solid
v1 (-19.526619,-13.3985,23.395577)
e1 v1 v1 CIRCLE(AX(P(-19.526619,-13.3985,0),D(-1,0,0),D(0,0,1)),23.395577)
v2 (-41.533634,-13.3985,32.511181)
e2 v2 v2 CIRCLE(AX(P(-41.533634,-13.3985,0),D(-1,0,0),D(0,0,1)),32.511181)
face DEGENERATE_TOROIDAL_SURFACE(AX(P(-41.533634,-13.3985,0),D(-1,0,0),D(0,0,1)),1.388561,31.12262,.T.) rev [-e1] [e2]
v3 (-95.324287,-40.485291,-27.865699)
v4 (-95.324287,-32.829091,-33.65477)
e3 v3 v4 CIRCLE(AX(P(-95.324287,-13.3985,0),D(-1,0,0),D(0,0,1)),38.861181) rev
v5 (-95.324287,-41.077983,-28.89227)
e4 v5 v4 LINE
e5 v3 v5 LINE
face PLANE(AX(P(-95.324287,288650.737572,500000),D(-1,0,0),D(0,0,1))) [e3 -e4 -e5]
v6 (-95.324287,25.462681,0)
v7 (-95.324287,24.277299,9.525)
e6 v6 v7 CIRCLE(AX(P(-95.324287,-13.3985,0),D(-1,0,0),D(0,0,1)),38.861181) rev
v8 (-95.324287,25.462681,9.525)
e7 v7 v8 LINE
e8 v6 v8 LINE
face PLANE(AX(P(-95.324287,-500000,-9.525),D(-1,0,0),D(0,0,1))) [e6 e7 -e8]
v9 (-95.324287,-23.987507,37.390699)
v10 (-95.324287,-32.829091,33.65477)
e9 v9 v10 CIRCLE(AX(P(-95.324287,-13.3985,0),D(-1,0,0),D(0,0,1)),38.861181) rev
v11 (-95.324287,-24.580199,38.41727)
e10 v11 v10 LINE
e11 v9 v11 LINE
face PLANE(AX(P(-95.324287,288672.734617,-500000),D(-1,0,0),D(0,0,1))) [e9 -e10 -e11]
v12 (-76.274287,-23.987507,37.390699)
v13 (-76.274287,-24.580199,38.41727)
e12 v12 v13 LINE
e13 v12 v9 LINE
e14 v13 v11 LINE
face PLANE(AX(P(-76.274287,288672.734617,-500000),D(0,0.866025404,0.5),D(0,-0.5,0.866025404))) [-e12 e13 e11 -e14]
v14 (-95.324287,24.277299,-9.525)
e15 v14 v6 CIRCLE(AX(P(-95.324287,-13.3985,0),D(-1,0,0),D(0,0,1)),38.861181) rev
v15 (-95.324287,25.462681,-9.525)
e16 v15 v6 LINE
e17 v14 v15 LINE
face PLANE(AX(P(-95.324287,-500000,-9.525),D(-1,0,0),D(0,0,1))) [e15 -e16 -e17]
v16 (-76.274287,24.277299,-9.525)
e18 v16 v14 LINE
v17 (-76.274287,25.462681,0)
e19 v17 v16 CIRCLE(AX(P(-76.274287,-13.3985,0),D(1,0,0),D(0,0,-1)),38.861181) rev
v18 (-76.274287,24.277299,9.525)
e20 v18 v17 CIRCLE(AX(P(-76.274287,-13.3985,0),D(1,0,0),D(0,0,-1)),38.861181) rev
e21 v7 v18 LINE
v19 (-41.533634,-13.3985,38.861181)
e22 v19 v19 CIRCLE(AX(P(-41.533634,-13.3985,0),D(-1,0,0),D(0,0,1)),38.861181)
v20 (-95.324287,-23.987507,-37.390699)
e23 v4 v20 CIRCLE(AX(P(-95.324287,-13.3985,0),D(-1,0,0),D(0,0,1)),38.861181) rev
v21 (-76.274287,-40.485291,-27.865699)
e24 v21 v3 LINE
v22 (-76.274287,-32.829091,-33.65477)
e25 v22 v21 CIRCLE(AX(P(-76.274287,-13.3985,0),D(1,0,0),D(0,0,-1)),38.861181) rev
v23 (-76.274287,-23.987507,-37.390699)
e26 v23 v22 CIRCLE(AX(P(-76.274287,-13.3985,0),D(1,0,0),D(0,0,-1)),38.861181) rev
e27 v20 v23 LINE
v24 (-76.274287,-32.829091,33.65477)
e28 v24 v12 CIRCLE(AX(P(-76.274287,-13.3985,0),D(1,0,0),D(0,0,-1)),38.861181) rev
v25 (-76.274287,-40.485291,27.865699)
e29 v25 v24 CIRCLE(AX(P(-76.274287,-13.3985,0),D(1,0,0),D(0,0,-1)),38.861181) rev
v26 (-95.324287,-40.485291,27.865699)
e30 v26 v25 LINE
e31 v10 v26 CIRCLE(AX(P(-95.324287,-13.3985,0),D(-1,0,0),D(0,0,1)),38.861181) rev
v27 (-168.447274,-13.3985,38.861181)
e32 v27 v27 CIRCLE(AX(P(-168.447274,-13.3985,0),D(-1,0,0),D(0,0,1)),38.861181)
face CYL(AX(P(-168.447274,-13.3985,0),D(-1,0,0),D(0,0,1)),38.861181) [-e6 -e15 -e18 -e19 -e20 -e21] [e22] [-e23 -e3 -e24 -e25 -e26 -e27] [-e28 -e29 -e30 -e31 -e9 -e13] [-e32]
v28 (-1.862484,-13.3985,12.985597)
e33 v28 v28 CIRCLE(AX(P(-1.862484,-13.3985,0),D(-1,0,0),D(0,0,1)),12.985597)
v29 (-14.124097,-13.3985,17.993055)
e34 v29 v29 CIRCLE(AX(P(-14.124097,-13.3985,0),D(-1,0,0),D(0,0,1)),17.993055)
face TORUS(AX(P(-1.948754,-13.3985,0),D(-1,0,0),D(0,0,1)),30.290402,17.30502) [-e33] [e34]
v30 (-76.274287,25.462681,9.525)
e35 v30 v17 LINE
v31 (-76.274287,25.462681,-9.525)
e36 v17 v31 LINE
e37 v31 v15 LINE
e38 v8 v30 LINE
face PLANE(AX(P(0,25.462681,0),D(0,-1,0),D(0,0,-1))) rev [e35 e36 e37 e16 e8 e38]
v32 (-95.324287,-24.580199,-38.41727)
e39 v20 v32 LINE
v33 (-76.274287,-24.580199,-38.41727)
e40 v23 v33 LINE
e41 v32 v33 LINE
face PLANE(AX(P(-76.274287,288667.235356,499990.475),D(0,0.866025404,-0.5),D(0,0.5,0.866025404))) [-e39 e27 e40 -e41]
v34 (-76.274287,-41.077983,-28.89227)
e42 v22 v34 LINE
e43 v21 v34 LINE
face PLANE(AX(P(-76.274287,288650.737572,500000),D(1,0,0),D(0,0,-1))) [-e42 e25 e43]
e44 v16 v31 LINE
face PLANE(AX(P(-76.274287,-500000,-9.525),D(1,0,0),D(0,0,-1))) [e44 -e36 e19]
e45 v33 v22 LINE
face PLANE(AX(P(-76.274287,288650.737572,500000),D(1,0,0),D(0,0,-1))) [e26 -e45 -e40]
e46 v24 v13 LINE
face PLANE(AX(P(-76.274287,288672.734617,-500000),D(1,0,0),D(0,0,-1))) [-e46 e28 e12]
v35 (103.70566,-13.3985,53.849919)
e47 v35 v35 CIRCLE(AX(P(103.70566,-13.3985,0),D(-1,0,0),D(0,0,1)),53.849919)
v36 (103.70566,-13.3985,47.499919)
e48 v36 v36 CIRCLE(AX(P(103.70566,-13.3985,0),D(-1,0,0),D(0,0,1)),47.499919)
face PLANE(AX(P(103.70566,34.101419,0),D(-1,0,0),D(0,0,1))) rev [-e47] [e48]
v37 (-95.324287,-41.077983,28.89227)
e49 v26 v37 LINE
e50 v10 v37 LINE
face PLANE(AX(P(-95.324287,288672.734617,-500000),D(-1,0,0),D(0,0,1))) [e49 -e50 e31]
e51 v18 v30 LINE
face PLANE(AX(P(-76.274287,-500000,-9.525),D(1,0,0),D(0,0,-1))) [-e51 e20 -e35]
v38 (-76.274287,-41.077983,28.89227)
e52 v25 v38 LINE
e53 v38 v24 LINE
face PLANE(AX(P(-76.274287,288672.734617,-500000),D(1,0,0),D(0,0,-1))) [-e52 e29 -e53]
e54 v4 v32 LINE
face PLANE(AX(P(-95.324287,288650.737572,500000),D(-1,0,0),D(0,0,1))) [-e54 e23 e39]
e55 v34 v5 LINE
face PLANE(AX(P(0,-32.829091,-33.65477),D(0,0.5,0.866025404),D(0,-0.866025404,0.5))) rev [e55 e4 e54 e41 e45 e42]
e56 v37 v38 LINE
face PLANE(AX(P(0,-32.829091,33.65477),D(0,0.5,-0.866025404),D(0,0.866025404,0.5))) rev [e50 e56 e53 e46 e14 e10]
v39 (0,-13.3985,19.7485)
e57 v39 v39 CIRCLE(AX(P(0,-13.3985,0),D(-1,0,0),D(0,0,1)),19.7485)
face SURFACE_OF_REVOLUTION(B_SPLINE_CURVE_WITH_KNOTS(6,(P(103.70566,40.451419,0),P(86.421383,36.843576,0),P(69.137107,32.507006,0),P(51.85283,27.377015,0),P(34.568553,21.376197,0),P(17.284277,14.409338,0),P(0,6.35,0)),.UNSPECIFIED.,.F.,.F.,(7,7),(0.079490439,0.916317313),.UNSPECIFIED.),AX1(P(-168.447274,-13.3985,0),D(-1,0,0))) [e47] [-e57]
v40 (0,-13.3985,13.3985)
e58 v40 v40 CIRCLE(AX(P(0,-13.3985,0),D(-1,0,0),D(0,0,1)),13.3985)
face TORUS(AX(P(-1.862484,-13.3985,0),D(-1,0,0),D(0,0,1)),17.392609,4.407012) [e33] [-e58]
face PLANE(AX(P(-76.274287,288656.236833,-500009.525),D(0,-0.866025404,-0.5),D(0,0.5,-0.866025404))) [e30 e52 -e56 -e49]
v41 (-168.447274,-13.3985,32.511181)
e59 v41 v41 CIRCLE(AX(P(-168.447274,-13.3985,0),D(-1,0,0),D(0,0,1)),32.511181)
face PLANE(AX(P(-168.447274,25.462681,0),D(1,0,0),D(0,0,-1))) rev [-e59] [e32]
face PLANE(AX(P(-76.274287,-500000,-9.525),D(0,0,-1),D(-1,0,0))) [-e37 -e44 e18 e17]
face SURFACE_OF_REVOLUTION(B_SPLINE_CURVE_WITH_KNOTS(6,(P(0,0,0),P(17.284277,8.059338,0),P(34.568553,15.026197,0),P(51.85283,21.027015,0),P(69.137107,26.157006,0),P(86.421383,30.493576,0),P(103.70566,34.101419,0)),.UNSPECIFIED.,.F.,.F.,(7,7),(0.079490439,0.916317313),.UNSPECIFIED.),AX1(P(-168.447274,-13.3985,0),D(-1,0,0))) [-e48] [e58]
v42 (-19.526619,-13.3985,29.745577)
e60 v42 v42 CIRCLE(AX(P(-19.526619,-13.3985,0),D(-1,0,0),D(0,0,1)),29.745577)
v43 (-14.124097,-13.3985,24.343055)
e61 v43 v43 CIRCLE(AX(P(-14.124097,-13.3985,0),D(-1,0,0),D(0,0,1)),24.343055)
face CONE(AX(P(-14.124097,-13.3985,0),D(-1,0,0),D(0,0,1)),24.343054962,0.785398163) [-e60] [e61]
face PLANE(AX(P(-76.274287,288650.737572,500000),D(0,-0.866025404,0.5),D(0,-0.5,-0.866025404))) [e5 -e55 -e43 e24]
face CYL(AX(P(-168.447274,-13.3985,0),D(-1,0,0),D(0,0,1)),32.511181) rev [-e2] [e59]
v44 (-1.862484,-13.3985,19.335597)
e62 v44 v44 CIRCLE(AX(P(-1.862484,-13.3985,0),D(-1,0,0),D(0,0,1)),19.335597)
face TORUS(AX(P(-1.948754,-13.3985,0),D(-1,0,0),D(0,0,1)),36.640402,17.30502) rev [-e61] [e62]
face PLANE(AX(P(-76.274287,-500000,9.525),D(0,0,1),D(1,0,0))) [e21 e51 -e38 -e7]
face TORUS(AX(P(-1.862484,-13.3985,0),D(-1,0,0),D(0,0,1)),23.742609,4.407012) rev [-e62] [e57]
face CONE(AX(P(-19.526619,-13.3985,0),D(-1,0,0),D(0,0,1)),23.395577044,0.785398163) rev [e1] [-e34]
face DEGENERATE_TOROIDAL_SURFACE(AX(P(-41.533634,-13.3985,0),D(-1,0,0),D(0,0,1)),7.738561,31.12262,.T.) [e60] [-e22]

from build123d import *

# Parameters (mm, degrees)
BOSS_EXTRUDE1_START = -1.185383
SKETCH2_W           = 19.05
SKETCH2_H           = 19.05
BOSS_EXTRUDE1_DEPTH = 1.185383
CIRPATTERN1_COUNT   = 3


with BuildPart() as part:
    # Sketch1 → Revolve1 (revolve)
    with BuildSketch(Plane.XY, mode=Mode.PRIVATE) as revolve1_sk:
        with BuildLine():
            Line((-14.12409666, 4.594554961), (-19.526618742, 9.997077044))
            ThreePointArc((-19.526618742, 9.997077044), (-29.623523347, 16.74361301), (-41.533634393, 19.112681394))
            Line((-41.533634393, 19.112681394), (-168.447274393, 19.112681394))
            Line((-168.447274393, 19.112681394), (-168.447274393, 25.462681394))
            Line((-168.447274393, 25.462681394), (-41.533634392, 25.462681394))
            ThreePointArc((-41.533634392, 25.462681394), (-29.623523346, 23.09361301), (-19.526618741, 16.347077044))
            Line((-19.526618741, 16.347077044), (-14.124096659, 10.944554962))
            ThreePointArc((-14.124096659, 10.944554962), (-8.491312805, 7.221332923), (-1.862483701, 5.937097346))
            ThreePointArc((-1.862483701, 5.937097346), (-0.908631777, 6.041561122), (-5.2e-08, 6.350000031))
            add(Edge.make_bspline(
                [(-5.2e-08, 6.350000031), (17.284276617, 14.409337901), (34.568553286, 21.376197316), (51.852829955, 27.377015197), (69.137106624, 32.507005795), (86.421383293, 36.843575686), (103.705659962, 40.451419137)],
                knots=[0.079490439, 0.079490439, 0.079490439, 0.079490439, 0.079490439, 0.079490439, 0.079490439, 0.916317313, 0.916317313, 0.916317313, 0.916317313, 0.916317313, 0.916317313, 0.916317313], degree=6))
            Line((103.705659962, 40.451419137), (103.705659962, 34.101419137))
            add(Edge.make_bspline(
                [(-5.3e-08, 3e-08), (17.284276616, 8.059337901), (34.568553285, 15.026197315), (51.852829954, 21.027015196), (69.137106623, 26.157005795), (86.421383292, 30.493575686), (103.705659962, 34.101419137)],
                knots=[0.079490439, 0.079490439, 0.079490439, 0.079490439, 0.079490439, 0.079490439, 0.079490439, 0.916317313, 0.916317313, 0.916317313, 0.916317313, 0.916317313, 0.916317313, 0.916317313], degree=6))
            ThreePointArc((-5.3e-08, 3e-08), (-0.908631778, -0.308438879), (-1.862483702, -0.412902654))
            ThreePointArc((-1.862483702, -0.412902654), (-8.491312805, 0.871332923), (-14.12409666, 4.594554961))
        make_face()
    revolve(revolve1_sk.sketch.rotate(Axis((-168.447274484, -13.3985, 0), (1, 0, 0)), 90), axis=Axis((-168.447274484, -13.3985, 0), (1, 0, 0)))

    # Sketch2 → Boss-Extrude1 (add)
    with BuildSketch(Plane(origin=(0, 25.462681394, 0), x_dir=(1, 0, 0), z_dir=(0, 1, 0)).offset(BOSS_EXTRUDE1_START)):
        with Locations((-85.799287115, 0)):
            Rectangle(SKETCH2_W, SKETCH2_H)
    boss_extrude1 = extrude(amount=BOSS_EXTRUDE1_DEPTH)

    # CirPattern1: Boss-Extrude1 ×3 about axis
    cirpattern1_axis = Axis((0, -13.3985, 0), (1, 0, 0))
    for i in range(1, CIRPATTERN1_COUNT):
        add(boss_extrude1.rotate(cirpattern1_axis, i * 360 / CIRPATTERN1_COUNT))


solid = part.part
